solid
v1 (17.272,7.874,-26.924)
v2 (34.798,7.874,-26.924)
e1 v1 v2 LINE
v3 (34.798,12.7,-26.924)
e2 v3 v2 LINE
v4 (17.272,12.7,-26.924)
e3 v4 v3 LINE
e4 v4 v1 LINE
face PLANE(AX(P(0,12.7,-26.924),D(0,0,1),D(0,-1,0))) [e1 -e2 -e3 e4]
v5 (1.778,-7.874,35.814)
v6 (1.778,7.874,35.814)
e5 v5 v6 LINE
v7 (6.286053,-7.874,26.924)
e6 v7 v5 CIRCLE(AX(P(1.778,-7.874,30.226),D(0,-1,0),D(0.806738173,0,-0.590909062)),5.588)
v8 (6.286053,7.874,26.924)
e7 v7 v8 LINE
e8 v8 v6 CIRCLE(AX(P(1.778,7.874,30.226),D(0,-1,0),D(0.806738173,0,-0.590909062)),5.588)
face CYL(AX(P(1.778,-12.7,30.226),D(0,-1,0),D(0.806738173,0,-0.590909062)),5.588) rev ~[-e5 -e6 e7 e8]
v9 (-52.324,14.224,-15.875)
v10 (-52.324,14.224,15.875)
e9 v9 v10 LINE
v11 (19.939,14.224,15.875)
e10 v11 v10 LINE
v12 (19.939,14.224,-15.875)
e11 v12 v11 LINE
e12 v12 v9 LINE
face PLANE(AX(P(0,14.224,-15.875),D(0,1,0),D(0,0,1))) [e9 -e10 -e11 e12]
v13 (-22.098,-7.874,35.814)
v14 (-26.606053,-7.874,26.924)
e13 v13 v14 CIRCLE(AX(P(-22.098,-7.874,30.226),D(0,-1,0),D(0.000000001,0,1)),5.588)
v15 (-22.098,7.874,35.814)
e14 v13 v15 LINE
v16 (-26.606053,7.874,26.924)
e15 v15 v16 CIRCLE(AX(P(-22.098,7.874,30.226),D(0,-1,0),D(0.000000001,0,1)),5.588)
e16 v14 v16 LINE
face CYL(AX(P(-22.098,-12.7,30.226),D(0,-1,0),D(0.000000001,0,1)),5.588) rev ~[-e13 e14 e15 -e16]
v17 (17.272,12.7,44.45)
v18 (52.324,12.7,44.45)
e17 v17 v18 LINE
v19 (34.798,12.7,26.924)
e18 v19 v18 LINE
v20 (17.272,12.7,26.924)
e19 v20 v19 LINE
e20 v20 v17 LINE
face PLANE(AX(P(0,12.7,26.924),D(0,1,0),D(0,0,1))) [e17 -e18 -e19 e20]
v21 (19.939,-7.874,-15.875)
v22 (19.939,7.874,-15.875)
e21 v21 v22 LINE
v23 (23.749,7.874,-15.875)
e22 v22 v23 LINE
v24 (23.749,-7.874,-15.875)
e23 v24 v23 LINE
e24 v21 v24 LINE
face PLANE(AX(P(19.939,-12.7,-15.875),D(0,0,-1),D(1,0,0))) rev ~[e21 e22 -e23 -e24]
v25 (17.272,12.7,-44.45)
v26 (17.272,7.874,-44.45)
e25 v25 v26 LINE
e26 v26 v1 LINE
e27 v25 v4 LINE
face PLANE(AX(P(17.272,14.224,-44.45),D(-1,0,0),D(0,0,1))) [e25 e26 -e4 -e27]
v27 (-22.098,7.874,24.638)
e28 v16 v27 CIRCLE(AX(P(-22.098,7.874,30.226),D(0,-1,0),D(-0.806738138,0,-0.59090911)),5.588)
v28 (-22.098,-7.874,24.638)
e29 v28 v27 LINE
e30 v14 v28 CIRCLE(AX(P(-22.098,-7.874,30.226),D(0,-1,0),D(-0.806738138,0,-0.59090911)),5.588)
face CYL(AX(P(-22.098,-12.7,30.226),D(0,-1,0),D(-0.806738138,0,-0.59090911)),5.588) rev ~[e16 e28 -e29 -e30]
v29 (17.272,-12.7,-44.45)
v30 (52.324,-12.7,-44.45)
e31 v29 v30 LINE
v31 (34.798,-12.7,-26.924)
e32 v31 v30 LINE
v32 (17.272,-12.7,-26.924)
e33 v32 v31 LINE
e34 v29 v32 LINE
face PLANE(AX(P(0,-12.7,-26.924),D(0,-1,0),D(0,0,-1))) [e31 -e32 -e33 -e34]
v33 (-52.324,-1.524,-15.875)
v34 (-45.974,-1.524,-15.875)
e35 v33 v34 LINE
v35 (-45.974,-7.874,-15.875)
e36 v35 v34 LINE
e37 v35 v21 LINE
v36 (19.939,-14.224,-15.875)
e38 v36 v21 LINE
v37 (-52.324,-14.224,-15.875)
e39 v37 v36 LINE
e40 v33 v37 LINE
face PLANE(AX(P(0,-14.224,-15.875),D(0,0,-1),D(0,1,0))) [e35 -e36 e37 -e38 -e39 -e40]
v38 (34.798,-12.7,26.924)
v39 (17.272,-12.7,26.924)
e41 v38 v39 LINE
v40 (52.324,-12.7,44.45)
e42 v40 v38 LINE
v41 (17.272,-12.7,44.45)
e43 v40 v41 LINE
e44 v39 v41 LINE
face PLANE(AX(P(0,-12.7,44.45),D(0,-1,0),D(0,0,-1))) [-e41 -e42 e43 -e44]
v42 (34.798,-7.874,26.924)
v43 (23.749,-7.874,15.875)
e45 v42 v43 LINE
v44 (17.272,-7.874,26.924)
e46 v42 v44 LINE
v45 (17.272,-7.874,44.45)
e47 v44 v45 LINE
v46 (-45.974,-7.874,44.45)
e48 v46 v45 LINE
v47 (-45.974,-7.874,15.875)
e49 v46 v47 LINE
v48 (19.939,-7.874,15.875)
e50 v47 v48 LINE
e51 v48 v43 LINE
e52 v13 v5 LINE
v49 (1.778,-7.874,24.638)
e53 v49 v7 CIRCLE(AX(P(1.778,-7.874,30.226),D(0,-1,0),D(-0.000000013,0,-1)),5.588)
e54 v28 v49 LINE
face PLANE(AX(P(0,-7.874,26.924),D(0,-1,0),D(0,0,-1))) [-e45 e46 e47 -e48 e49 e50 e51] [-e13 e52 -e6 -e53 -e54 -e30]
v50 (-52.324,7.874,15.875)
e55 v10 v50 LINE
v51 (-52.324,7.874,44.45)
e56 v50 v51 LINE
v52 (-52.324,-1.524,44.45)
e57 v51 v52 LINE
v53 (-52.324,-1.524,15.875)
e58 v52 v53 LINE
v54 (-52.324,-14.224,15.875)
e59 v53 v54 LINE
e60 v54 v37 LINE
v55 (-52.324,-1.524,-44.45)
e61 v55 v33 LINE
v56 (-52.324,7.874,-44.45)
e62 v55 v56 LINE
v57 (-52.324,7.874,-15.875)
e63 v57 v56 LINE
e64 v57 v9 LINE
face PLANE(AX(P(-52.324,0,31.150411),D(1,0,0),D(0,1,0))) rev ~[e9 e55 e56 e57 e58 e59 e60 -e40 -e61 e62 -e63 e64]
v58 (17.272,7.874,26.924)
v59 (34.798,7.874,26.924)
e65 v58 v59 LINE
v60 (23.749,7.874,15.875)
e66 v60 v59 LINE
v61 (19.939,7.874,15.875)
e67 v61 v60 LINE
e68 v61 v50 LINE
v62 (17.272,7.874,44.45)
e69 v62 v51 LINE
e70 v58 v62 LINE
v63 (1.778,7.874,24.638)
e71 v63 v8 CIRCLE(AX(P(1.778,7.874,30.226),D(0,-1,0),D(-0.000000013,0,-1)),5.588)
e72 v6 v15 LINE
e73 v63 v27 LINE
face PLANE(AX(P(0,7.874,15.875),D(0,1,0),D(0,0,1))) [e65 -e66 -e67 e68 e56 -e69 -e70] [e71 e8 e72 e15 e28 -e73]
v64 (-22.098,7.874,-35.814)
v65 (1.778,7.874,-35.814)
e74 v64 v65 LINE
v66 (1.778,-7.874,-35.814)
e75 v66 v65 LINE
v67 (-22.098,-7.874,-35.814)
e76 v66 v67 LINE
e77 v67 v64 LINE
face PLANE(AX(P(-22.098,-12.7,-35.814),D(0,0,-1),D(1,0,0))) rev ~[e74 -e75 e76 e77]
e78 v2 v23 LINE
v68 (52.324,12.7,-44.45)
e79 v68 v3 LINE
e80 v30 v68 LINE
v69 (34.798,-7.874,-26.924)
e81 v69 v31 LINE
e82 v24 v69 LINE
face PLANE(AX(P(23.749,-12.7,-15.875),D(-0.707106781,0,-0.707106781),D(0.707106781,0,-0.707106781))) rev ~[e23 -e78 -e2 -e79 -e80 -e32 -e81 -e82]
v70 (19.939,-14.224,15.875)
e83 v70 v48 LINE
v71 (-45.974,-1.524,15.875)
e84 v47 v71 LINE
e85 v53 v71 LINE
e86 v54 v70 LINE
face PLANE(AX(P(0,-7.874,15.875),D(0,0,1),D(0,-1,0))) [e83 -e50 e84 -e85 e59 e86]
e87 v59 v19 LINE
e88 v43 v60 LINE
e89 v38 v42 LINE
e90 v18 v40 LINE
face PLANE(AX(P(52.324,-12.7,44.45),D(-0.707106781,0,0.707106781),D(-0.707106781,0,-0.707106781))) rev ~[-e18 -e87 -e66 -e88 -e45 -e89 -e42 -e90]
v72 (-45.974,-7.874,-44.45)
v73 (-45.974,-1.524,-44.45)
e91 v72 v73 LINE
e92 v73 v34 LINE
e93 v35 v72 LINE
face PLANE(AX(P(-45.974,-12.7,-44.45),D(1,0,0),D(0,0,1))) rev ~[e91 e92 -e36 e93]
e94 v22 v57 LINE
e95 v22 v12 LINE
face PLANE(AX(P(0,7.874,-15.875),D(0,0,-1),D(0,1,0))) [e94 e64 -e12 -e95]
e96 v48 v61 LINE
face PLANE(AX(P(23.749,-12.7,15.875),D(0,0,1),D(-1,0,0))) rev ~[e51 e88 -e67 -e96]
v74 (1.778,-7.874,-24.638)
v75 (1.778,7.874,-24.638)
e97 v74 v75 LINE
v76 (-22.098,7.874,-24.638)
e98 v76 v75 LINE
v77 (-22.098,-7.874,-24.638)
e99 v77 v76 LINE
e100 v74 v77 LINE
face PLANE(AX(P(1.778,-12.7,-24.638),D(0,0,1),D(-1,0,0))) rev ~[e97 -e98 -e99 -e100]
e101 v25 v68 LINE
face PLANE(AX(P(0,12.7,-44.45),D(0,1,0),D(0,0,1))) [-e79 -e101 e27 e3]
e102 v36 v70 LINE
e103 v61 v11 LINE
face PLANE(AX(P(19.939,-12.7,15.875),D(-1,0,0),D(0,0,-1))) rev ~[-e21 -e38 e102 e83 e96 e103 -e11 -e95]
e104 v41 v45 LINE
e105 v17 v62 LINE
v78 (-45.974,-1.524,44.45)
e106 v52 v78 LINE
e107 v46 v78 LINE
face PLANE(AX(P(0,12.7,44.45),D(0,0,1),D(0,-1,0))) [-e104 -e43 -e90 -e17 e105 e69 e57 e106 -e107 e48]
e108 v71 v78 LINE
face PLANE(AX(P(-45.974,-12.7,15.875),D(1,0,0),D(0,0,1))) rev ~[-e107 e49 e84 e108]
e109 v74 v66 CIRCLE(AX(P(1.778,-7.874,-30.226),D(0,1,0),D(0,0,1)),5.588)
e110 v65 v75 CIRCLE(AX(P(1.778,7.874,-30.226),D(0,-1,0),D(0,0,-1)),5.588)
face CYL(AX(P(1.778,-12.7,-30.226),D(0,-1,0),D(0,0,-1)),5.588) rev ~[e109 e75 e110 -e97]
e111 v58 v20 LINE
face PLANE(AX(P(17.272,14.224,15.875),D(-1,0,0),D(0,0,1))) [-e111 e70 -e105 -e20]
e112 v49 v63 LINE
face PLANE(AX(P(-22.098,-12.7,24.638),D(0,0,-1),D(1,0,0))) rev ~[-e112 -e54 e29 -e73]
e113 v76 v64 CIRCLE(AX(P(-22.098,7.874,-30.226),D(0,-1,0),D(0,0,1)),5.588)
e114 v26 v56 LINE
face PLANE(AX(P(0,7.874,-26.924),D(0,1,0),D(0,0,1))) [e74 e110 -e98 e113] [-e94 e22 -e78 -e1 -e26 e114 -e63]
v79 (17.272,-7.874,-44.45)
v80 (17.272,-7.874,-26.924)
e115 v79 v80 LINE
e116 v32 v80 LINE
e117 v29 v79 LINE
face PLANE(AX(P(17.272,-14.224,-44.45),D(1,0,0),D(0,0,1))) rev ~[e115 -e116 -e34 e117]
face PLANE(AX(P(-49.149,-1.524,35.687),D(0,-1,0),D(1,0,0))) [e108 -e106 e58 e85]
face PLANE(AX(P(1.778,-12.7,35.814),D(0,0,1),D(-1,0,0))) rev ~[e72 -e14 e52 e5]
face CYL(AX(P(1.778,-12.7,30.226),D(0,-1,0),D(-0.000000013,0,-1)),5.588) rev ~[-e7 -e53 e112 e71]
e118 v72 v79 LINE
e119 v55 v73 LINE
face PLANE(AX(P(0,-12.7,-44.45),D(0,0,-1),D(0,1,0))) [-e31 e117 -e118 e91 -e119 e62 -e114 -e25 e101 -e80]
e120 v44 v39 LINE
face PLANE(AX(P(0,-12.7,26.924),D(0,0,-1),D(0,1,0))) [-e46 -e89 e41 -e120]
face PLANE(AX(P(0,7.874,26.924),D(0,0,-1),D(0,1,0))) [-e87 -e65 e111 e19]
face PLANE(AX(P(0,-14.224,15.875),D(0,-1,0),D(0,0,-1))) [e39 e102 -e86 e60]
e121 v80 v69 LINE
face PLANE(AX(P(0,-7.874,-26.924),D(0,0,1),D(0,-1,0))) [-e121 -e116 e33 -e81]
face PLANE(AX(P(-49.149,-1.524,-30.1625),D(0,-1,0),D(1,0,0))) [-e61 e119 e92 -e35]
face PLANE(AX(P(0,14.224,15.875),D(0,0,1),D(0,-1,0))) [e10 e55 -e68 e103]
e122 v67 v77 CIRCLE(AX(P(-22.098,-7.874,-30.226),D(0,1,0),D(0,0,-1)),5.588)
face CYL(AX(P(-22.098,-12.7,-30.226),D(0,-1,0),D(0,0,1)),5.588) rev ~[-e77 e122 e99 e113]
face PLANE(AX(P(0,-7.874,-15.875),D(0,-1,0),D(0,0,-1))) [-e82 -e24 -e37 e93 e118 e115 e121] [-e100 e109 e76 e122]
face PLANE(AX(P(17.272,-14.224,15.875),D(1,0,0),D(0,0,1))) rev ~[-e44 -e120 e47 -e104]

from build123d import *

# Parameters (mm, degrees)
F1_DEPTH  = 52.324
F3_DEPTH  = 26.925
F2_W      = 6.35
F2_H      = 17.526
F2_H_2    = 28.575
F2_H_3    = 11.049
F4_DEPTH  = 11.176
F6_DEPTH  = 26.925
F7_DEPTH  = 1.525
F8_W      = 69.596
F8_H      = 28.575
F9_DEPTH  = 6.35
F10_W     = 69.596
F10_H     = 28.575
F11_DEPTH = 6.35


with BuildPart() as f1:
    # F0 (on Right) → F1 (new body, symmetric)
    with BuildSketch(Plane.YZ):
        Polygon((-7.874, 26.924), (-7.874, 15.875), (7.874, 15.875), (7.874, 26.924), (12.7, 26.924), (12.7, 44.45), (-12.7, 44.45), (-12.7, 26.924), align=None)
        Polygon((-7.874, 15.875), (-14.224, 15.875), (-14.224, -15.875), (-7.874, -15.875), (7.874, -15.875), (14.224, -15.875), (14.224, 15.875), (7.874, 15.875), align=None)
        Polygon((7.874, -15.875), (-7.874, -15.875), (-7.874, -26.924), (-12.7, -26.924), (-12.7, -44.45), (12.7, -44.45), (12.7, -26.924), (7.874, -26.924), align=None)
    extrude(amount=F1_DEPTH, both=True)

    # F2 (on face) → F3 (cut, through all)
    with BuildSketch(Plane.XZ.offset(12.7)):
        with BuildLine():
            ThreePointArc((-22.098, 35.814), (-27.08184, 32.753268), (-26.606053, 26.924))
            Line((-26.606053, 26.924), (6.286053, 26.924))
            ThreePointArc((6.286053, 26.924), (6.76184, 32.753268), (1.778, 35.814))
            Line((1.778, 35.814), (-22.098, 35.814))
        make_face()
        with BuildLine():
            Line((6.286053, 26.924), (-26.606053, 26.924))
            ThreePointArc((-26.606053, 26.924), (-24.625268, 25.24216), (-22.098, 24.638))
            Line((-22.098, 24.638), (1.778, 24.638))
            ThreePointArc((1.778, 24.638), (4.305268, 25.24216), (6.286053, 26.924))
        make_face()
        with BuildLine():
            ThreePointArc((-22.098, -24.638), (-27.686, -30.226), (-22.098, -35.814))
            Line((-22.098, -35.814), (1.778, -35.814))
            ThreePointArc((1.778, -35.814), (7.366, -30.226), (1.778, -24.638))
            Line((1.778, -24.638), (-22.098, -24.638))
        make_face()
    extrude(amount=-F3_DEPTH, mode=Mode.SUBTRACT)

    # F2 (on face) → F4 (cut)
    with BuildSketch(Plane.XZ.offset(12.7)):
        with Locations((-49.149, 35.687)):
            Rectangle(F2_W, F2_H)
        with Locations((-49.149, -30.1625)):
            Rectangle(F2_W, F2_H_2)
        with Locations((-49.149, 21.3995)):
            Rectangle(F2_W, F2_H_3)
    extrude(amount=-F4_DEPTH, mode=Mode.SUBTRACT)

    # F5 (on face) → F6 (cut, through all)
    with BuildSketch(Plane.XZ.offset(12.7)):
        Polygon((52.324, -44.45), (52.324, 44.45), (23.749, 15.875), (19.939, 15.875), (19.939, 0), (19.939, -15.875), (23.749, -15.875), align=None)
    extrude(amount=-F6_DEPTH, mode=Mode.SUBTRACT)

    # F5 (on face) → F7 (cut, through all)
    with BuildSketch(Plane.XZ.offset(12.7)):
        Polygon((52.324, -44.45), (52.324, 44.45), (23.749, 15.875), (19.939, 15.875), (19.939, 0), (19.939, -15.875), (23.749, -15.875), align=None)
    extrude(amount=F7_DEPTH, mode=Mode.SUBTRACT)

    # F8 (on face) → F9 (cut)
    with BuildSketch(Plane.XZ.offset(14.224)):
        with Locations((-17.526, 30.1625)):
            Rectangle(F8_W, F8_H)
        with Locations((-17.526, -30.1625)):
            Rectangle(F8_W, F8_H)
    extrude(amount=-F9_DEPTH, mode=Mode.SUBTRACT)

    # F10 (on face) → F11 (cut)
    with BuildSketch(Plane(origin=(0, 14.224, 0), x_dir=(-1, 0, 0), z_dir=(0, 1, 0))):
        with Locations((17.526, 30.1625)):
            Rectangle(F10_W, F10_H)
        with Locations((17.526, -30.1625)):
            Rectangle(F10_W, F10_H)
    extrude(amount=-F11_DEPTH, mode=Mode.SUBTRACT)


solid = f1.part
